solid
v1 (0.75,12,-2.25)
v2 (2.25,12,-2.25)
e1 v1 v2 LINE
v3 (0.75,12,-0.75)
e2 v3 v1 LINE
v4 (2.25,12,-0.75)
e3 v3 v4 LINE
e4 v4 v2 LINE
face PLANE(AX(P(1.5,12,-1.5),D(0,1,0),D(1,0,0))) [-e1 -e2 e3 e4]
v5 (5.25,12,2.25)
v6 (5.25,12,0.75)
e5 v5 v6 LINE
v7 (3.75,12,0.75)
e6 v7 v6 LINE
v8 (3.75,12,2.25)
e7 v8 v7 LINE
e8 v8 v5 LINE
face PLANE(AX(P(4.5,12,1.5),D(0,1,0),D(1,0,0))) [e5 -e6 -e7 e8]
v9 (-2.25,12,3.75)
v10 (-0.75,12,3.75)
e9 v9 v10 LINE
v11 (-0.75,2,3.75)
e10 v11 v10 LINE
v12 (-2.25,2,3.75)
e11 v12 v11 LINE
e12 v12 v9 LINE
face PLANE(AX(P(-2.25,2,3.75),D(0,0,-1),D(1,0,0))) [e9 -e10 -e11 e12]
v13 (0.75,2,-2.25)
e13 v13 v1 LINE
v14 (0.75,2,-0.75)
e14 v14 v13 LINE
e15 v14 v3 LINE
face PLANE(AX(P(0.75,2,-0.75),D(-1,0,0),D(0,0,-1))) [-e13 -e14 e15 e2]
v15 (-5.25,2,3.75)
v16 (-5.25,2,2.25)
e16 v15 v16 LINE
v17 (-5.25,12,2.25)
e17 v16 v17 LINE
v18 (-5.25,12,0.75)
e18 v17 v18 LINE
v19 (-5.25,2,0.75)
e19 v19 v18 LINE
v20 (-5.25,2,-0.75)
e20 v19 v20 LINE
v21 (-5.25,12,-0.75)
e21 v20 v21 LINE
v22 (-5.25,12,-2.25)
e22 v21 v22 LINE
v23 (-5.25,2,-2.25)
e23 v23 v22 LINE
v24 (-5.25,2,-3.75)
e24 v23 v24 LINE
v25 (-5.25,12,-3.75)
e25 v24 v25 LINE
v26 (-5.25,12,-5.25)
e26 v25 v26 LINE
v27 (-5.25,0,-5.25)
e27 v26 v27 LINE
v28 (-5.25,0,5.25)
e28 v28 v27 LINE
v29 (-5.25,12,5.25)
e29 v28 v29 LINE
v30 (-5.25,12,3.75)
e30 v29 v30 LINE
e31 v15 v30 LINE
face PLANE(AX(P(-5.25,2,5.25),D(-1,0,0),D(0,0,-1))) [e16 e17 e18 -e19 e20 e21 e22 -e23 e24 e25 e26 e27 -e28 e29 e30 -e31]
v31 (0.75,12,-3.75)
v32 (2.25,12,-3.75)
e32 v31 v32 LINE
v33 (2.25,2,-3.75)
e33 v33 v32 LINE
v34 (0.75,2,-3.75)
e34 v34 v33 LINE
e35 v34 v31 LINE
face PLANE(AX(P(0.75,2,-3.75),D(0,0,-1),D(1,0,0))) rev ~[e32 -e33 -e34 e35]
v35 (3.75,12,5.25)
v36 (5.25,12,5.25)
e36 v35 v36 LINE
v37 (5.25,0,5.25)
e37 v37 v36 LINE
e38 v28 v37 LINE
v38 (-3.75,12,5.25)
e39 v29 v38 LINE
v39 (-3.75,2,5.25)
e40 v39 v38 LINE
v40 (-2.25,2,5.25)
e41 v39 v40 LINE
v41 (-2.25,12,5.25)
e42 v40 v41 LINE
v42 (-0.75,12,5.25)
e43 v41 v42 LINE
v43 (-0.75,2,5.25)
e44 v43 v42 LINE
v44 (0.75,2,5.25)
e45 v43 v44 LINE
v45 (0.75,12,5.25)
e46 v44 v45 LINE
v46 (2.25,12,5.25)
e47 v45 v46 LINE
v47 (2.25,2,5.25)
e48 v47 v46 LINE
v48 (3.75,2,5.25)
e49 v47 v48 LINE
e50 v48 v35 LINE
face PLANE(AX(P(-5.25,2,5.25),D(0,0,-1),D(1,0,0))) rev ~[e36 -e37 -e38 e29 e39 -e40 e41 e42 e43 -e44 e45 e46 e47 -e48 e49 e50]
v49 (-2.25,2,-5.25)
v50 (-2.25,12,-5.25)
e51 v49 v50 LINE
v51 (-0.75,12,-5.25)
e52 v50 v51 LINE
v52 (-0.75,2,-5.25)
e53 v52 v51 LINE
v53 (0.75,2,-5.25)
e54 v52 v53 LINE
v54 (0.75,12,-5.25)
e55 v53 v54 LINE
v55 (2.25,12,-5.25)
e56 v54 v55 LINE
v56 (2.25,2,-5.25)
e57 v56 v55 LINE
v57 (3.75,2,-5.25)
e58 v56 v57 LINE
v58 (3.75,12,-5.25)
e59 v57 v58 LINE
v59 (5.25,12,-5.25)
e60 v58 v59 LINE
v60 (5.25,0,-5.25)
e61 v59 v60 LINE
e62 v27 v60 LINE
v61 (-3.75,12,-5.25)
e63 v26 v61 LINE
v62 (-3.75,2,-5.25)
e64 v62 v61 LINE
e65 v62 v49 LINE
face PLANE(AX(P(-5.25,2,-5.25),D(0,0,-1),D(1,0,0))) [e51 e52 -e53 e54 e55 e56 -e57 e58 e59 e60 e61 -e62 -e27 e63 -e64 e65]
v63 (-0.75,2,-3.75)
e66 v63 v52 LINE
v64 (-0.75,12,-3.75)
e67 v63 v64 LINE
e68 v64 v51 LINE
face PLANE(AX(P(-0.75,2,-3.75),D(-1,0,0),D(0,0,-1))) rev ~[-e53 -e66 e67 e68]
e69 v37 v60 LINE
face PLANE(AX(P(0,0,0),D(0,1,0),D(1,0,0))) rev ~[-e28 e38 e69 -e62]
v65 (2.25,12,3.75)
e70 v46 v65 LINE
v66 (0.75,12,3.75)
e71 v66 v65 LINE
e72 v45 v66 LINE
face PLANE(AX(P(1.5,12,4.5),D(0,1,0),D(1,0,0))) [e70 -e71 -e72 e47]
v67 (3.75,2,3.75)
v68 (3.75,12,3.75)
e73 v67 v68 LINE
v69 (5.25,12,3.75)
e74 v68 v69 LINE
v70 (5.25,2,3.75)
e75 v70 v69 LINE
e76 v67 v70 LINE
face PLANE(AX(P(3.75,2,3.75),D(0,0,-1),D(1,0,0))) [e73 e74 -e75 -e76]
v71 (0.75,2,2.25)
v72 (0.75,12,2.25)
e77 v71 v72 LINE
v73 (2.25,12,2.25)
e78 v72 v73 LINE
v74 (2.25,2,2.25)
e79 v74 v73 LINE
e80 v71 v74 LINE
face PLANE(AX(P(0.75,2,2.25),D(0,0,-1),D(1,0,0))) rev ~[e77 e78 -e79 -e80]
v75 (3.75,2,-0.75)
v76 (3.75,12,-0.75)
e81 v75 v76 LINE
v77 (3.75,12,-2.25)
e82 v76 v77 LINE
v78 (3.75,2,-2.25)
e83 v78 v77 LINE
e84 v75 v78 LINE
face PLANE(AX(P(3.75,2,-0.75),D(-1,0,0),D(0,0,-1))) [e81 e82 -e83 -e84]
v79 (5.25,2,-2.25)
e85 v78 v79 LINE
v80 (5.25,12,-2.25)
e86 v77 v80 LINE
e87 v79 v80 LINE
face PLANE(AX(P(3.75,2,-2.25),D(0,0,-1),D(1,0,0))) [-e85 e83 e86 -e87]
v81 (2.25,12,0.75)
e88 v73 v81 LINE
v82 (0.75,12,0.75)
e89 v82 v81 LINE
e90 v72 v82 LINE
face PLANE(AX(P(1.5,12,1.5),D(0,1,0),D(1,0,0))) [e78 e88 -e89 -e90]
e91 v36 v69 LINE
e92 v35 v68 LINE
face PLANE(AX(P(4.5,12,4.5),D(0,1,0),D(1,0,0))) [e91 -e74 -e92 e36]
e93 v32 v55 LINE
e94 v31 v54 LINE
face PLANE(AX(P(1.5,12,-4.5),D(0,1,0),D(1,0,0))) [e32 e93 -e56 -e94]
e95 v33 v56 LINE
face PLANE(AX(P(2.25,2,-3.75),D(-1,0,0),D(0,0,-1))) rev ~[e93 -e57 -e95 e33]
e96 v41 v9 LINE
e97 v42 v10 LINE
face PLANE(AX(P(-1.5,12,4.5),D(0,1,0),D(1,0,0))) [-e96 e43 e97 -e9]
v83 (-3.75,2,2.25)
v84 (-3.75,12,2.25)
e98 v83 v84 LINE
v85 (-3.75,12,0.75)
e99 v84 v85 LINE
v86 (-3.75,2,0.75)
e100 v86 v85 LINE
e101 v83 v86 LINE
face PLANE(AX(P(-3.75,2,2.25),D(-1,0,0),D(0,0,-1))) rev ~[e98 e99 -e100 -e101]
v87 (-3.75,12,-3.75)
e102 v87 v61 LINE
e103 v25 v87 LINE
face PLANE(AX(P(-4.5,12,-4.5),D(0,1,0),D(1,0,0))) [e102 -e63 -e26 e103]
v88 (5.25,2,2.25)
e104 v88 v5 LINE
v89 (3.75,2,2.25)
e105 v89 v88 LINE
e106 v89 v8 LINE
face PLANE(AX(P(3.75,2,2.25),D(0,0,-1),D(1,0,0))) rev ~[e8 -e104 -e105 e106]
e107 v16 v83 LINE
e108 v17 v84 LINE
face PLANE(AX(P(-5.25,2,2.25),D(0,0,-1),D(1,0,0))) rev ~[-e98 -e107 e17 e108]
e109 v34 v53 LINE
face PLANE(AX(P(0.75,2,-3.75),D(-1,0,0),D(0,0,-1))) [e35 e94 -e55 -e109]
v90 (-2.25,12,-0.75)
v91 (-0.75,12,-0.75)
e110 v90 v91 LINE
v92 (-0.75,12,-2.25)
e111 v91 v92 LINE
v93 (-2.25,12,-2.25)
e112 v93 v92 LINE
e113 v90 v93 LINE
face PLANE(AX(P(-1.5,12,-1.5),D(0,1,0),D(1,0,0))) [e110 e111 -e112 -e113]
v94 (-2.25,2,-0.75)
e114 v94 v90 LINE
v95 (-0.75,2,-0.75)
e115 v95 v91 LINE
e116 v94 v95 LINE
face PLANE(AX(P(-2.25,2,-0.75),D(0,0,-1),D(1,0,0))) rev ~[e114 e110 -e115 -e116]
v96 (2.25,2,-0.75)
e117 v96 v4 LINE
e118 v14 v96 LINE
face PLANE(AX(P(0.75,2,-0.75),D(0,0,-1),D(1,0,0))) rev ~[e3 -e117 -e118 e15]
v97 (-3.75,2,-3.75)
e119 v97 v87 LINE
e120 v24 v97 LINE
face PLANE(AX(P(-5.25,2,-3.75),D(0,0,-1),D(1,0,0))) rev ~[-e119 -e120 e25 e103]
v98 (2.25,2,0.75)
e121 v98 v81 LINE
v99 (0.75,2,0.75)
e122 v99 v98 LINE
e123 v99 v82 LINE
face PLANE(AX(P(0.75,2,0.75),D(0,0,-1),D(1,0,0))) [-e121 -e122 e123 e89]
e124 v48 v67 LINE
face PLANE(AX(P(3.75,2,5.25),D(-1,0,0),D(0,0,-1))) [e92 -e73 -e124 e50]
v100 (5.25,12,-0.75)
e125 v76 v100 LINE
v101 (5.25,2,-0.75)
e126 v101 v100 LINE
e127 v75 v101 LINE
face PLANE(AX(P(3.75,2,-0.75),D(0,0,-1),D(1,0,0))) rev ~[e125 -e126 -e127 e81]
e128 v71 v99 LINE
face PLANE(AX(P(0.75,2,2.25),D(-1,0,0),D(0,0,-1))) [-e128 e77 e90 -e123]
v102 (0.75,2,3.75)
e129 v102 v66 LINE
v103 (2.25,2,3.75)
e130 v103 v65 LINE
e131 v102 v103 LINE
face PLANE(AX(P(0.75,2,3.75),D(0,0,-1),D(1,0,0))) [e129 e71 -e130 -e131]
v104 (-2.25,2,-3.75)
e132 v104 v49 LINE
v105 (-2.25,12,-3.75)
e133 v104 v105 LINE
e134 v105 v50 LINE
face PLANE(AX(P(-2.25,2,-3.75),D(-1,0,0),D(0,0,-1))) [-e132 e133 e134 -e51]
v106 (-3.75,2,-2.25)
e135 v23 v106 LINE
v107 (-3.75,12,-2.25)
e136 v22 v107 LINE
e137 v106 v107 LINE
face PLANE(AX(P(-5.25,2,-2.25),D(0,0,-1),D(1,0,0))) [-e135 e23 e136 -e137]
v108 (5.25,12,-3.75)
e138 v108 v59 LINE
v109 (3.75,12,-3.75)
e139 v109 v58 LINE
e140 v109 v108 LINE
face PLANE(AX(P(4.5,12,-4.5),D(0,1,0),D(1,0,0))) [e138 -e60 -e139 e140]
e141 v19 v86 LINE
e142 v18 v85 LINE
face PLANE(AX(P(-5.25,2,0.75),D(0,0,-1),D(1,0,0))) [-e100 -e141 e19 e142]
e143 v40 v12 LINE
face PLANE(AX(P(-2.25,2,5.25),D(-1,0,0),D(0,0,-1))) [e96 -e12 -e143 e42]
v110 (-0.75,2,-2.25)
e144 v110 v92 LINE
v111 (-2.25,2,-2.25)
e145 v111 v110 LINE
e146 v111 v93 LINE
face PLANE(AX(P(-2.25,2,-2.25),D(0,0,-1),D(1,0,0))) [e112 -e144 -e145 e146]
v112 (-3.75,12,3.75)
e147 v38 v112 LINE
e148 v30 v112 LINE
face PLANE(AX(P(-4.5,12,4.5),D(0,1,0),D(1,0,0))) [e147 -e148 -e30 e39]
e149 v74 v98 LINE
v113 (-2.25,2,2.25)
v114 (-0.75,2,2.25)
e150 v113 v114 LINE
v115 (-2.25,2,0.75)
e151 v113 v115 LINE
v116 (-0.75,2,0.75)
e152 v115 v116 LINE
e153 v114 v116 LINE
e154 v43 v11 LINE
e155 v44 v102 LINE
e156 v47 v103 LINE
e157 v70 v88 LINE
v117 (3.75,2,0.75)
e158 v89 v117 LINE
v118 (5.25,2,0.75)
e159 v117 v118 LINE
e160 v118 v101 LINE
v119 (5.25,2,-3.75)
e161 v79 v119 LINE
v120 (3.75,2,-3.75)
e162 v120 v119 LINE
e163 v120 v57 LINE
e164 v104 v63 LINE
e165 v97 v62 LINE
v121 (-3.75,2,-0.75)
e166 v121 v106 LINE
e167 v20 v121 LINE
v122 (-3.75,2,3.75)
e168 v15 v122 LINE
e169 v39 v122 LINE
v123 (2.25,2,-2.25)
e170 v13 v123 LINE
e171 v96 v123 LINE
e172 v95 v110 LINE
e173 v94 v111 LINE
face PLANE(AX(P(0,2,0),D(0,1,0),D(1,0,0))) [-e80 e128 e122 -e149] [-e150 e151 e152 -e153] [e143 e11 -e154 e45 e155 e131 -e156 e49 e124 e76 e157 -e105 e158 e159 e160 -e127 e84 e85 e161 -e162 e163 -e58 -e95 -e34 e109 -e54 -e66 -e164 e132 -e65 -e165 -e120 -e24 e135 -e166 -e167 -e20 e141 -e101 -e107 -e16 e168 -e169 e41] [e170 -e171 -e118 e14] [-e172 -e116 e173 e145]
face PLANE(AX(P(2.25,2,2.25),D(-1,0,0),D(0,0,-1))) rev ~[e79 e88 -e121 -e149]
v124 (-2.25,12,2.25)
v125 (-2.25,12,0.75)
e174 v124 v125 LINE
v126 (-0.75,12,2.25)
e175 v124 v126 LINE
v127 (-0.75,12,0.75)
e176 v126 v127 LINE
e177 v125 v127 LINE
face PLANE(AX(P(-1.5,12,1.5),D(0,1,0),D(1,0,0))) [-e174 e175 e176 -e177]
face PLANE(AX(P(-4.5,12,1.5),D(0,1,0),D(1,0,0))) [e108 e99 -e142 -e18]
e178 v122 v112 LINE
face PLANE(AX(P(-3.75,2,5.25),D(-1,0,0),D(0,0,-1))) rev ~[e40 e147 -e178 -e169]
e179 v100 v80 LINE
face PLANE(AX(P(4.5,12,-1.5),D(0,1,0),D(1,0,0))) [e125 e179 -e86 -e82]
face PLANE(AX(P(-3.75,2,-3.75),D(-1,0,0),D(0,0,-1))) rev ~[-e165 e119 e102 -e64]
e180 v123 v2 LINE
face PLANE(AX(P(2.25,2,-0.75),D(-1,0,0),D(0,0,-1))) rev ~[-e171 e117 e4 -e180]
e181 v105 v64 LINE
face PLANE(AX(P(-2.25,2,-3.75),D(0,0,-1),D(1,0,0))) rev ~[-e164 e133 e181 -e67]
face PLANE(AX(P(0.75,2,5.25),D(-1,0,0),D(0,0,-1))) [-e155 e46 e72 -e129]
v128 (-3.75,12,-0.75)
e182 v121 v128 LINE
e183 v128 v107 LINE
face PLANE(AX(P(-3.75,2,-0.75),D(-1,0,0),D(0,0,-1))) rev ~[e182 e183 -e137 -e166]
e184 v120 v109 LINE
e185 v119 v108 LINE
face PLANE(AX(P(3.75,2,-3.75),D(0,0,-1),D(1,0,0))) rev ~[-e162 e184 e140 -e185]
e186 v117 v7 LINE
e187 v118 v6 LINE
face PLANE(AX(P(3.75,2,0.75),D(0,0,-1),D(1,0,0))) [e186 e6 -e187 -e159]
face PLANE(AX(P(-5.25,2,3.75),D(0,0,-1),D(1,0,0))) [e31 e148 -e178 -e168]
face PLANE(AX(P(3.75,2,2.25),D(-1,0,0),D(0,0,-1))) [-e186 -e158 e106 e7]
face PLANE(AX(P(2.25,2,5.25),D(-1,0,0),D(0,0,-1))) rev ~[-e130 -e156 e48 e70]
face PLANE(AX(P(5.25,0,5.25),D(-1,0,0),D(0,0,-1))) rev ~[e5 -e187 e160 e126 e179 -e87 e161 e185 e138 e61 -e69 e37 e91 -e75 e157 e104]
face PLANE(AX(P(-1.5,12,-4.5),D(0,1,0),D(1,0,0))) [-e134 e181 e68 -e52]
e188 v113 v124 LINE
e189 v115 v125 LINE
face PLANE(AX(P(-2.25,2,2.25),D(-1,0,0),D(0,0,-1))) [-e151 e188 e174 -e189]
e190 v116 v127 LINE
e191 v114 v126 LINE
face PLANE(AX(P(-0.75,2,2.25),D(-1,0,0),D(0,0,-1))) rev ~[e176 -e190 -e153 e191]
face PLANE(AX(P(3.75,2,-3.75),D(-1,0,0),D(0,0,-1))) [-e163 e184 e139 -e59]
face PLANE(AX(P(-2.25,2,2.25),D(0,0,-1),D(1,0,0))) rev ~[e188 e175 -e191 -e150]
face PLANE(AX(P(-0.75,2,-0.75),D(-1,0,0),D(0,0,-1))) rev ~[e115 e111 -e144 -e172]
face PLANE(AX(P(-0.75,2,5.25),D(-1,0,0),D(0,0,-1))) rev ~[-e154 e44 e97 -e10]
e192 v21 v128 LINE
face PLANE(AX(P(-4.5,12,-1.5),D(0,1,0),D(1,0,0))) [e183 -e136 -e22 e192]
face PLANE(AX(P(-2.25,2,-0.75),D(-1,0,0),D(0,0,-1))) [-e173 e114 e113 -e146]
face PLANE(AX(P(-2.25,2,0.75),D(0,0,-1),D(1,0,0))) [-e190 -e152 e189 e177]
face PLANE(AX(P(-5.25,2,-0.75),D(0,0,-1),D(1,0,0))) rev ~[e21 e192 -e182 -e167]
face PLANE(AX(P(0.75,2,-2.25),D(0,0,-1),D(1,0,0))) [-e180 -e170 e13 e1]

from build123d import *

# Parameters (mm, degrees)
SKETCH1_W            = 10.5
SKETCH1_H            = 10.5
BOSS_EXTRUDE1_DEPTH  = 2
SKETCH2_W            = 1.5
SKETCH2_H            = 1.5
BOSS_EXTRUDE2_DEPTH  = 10
LPATTERN1_COUNT      = 4
LPATTERN1_PITCH      = 3
LPATTERN1_COUNT_DIR2 = 4
LPATTERN1_PITCH_DIR2 = 3


with BuildPart() as part:
    # Sketch1 → Boss-Extrude1 (new body)
    with BuildSketch(Plane(origin=(0, 0, 0), x_dir=(1, 0, 0), z_dir=(0, 1, 0))):
        Rectangle(SKETCH1_W, SKETCH1_H)
    extrude(amount=BOSS_EXTRUDE1_DEPTH)

    # Sketch2 → Boss-Extrude2 (add)
    with BuildSketch(Plane(origin=(0, 2, 0), x_dir=(1, 0, 0), z_dir=(0, 1, 0))):
        with Locations((-4.5, 4.5)):
            Rectangle(SKETCH2_W, SKETCH2_H)
    boss_extrude2 = extrude(amount=BOSS_EXTRUDE2_DEPTH)

    # LPattern1: Boss-Extrude2 4 × 4
    with Locations(*[(i * LPATTERN1_PITCH, 0, j * LPATTERN1_PITCH_DIR2) for i in range(LPATTERN1_COUNT) for j in range(LPATTERN1_COUNT_DIR2) if (i, j) != (0, 0)]):
        add(boss_extrude2)


solid = part.part
